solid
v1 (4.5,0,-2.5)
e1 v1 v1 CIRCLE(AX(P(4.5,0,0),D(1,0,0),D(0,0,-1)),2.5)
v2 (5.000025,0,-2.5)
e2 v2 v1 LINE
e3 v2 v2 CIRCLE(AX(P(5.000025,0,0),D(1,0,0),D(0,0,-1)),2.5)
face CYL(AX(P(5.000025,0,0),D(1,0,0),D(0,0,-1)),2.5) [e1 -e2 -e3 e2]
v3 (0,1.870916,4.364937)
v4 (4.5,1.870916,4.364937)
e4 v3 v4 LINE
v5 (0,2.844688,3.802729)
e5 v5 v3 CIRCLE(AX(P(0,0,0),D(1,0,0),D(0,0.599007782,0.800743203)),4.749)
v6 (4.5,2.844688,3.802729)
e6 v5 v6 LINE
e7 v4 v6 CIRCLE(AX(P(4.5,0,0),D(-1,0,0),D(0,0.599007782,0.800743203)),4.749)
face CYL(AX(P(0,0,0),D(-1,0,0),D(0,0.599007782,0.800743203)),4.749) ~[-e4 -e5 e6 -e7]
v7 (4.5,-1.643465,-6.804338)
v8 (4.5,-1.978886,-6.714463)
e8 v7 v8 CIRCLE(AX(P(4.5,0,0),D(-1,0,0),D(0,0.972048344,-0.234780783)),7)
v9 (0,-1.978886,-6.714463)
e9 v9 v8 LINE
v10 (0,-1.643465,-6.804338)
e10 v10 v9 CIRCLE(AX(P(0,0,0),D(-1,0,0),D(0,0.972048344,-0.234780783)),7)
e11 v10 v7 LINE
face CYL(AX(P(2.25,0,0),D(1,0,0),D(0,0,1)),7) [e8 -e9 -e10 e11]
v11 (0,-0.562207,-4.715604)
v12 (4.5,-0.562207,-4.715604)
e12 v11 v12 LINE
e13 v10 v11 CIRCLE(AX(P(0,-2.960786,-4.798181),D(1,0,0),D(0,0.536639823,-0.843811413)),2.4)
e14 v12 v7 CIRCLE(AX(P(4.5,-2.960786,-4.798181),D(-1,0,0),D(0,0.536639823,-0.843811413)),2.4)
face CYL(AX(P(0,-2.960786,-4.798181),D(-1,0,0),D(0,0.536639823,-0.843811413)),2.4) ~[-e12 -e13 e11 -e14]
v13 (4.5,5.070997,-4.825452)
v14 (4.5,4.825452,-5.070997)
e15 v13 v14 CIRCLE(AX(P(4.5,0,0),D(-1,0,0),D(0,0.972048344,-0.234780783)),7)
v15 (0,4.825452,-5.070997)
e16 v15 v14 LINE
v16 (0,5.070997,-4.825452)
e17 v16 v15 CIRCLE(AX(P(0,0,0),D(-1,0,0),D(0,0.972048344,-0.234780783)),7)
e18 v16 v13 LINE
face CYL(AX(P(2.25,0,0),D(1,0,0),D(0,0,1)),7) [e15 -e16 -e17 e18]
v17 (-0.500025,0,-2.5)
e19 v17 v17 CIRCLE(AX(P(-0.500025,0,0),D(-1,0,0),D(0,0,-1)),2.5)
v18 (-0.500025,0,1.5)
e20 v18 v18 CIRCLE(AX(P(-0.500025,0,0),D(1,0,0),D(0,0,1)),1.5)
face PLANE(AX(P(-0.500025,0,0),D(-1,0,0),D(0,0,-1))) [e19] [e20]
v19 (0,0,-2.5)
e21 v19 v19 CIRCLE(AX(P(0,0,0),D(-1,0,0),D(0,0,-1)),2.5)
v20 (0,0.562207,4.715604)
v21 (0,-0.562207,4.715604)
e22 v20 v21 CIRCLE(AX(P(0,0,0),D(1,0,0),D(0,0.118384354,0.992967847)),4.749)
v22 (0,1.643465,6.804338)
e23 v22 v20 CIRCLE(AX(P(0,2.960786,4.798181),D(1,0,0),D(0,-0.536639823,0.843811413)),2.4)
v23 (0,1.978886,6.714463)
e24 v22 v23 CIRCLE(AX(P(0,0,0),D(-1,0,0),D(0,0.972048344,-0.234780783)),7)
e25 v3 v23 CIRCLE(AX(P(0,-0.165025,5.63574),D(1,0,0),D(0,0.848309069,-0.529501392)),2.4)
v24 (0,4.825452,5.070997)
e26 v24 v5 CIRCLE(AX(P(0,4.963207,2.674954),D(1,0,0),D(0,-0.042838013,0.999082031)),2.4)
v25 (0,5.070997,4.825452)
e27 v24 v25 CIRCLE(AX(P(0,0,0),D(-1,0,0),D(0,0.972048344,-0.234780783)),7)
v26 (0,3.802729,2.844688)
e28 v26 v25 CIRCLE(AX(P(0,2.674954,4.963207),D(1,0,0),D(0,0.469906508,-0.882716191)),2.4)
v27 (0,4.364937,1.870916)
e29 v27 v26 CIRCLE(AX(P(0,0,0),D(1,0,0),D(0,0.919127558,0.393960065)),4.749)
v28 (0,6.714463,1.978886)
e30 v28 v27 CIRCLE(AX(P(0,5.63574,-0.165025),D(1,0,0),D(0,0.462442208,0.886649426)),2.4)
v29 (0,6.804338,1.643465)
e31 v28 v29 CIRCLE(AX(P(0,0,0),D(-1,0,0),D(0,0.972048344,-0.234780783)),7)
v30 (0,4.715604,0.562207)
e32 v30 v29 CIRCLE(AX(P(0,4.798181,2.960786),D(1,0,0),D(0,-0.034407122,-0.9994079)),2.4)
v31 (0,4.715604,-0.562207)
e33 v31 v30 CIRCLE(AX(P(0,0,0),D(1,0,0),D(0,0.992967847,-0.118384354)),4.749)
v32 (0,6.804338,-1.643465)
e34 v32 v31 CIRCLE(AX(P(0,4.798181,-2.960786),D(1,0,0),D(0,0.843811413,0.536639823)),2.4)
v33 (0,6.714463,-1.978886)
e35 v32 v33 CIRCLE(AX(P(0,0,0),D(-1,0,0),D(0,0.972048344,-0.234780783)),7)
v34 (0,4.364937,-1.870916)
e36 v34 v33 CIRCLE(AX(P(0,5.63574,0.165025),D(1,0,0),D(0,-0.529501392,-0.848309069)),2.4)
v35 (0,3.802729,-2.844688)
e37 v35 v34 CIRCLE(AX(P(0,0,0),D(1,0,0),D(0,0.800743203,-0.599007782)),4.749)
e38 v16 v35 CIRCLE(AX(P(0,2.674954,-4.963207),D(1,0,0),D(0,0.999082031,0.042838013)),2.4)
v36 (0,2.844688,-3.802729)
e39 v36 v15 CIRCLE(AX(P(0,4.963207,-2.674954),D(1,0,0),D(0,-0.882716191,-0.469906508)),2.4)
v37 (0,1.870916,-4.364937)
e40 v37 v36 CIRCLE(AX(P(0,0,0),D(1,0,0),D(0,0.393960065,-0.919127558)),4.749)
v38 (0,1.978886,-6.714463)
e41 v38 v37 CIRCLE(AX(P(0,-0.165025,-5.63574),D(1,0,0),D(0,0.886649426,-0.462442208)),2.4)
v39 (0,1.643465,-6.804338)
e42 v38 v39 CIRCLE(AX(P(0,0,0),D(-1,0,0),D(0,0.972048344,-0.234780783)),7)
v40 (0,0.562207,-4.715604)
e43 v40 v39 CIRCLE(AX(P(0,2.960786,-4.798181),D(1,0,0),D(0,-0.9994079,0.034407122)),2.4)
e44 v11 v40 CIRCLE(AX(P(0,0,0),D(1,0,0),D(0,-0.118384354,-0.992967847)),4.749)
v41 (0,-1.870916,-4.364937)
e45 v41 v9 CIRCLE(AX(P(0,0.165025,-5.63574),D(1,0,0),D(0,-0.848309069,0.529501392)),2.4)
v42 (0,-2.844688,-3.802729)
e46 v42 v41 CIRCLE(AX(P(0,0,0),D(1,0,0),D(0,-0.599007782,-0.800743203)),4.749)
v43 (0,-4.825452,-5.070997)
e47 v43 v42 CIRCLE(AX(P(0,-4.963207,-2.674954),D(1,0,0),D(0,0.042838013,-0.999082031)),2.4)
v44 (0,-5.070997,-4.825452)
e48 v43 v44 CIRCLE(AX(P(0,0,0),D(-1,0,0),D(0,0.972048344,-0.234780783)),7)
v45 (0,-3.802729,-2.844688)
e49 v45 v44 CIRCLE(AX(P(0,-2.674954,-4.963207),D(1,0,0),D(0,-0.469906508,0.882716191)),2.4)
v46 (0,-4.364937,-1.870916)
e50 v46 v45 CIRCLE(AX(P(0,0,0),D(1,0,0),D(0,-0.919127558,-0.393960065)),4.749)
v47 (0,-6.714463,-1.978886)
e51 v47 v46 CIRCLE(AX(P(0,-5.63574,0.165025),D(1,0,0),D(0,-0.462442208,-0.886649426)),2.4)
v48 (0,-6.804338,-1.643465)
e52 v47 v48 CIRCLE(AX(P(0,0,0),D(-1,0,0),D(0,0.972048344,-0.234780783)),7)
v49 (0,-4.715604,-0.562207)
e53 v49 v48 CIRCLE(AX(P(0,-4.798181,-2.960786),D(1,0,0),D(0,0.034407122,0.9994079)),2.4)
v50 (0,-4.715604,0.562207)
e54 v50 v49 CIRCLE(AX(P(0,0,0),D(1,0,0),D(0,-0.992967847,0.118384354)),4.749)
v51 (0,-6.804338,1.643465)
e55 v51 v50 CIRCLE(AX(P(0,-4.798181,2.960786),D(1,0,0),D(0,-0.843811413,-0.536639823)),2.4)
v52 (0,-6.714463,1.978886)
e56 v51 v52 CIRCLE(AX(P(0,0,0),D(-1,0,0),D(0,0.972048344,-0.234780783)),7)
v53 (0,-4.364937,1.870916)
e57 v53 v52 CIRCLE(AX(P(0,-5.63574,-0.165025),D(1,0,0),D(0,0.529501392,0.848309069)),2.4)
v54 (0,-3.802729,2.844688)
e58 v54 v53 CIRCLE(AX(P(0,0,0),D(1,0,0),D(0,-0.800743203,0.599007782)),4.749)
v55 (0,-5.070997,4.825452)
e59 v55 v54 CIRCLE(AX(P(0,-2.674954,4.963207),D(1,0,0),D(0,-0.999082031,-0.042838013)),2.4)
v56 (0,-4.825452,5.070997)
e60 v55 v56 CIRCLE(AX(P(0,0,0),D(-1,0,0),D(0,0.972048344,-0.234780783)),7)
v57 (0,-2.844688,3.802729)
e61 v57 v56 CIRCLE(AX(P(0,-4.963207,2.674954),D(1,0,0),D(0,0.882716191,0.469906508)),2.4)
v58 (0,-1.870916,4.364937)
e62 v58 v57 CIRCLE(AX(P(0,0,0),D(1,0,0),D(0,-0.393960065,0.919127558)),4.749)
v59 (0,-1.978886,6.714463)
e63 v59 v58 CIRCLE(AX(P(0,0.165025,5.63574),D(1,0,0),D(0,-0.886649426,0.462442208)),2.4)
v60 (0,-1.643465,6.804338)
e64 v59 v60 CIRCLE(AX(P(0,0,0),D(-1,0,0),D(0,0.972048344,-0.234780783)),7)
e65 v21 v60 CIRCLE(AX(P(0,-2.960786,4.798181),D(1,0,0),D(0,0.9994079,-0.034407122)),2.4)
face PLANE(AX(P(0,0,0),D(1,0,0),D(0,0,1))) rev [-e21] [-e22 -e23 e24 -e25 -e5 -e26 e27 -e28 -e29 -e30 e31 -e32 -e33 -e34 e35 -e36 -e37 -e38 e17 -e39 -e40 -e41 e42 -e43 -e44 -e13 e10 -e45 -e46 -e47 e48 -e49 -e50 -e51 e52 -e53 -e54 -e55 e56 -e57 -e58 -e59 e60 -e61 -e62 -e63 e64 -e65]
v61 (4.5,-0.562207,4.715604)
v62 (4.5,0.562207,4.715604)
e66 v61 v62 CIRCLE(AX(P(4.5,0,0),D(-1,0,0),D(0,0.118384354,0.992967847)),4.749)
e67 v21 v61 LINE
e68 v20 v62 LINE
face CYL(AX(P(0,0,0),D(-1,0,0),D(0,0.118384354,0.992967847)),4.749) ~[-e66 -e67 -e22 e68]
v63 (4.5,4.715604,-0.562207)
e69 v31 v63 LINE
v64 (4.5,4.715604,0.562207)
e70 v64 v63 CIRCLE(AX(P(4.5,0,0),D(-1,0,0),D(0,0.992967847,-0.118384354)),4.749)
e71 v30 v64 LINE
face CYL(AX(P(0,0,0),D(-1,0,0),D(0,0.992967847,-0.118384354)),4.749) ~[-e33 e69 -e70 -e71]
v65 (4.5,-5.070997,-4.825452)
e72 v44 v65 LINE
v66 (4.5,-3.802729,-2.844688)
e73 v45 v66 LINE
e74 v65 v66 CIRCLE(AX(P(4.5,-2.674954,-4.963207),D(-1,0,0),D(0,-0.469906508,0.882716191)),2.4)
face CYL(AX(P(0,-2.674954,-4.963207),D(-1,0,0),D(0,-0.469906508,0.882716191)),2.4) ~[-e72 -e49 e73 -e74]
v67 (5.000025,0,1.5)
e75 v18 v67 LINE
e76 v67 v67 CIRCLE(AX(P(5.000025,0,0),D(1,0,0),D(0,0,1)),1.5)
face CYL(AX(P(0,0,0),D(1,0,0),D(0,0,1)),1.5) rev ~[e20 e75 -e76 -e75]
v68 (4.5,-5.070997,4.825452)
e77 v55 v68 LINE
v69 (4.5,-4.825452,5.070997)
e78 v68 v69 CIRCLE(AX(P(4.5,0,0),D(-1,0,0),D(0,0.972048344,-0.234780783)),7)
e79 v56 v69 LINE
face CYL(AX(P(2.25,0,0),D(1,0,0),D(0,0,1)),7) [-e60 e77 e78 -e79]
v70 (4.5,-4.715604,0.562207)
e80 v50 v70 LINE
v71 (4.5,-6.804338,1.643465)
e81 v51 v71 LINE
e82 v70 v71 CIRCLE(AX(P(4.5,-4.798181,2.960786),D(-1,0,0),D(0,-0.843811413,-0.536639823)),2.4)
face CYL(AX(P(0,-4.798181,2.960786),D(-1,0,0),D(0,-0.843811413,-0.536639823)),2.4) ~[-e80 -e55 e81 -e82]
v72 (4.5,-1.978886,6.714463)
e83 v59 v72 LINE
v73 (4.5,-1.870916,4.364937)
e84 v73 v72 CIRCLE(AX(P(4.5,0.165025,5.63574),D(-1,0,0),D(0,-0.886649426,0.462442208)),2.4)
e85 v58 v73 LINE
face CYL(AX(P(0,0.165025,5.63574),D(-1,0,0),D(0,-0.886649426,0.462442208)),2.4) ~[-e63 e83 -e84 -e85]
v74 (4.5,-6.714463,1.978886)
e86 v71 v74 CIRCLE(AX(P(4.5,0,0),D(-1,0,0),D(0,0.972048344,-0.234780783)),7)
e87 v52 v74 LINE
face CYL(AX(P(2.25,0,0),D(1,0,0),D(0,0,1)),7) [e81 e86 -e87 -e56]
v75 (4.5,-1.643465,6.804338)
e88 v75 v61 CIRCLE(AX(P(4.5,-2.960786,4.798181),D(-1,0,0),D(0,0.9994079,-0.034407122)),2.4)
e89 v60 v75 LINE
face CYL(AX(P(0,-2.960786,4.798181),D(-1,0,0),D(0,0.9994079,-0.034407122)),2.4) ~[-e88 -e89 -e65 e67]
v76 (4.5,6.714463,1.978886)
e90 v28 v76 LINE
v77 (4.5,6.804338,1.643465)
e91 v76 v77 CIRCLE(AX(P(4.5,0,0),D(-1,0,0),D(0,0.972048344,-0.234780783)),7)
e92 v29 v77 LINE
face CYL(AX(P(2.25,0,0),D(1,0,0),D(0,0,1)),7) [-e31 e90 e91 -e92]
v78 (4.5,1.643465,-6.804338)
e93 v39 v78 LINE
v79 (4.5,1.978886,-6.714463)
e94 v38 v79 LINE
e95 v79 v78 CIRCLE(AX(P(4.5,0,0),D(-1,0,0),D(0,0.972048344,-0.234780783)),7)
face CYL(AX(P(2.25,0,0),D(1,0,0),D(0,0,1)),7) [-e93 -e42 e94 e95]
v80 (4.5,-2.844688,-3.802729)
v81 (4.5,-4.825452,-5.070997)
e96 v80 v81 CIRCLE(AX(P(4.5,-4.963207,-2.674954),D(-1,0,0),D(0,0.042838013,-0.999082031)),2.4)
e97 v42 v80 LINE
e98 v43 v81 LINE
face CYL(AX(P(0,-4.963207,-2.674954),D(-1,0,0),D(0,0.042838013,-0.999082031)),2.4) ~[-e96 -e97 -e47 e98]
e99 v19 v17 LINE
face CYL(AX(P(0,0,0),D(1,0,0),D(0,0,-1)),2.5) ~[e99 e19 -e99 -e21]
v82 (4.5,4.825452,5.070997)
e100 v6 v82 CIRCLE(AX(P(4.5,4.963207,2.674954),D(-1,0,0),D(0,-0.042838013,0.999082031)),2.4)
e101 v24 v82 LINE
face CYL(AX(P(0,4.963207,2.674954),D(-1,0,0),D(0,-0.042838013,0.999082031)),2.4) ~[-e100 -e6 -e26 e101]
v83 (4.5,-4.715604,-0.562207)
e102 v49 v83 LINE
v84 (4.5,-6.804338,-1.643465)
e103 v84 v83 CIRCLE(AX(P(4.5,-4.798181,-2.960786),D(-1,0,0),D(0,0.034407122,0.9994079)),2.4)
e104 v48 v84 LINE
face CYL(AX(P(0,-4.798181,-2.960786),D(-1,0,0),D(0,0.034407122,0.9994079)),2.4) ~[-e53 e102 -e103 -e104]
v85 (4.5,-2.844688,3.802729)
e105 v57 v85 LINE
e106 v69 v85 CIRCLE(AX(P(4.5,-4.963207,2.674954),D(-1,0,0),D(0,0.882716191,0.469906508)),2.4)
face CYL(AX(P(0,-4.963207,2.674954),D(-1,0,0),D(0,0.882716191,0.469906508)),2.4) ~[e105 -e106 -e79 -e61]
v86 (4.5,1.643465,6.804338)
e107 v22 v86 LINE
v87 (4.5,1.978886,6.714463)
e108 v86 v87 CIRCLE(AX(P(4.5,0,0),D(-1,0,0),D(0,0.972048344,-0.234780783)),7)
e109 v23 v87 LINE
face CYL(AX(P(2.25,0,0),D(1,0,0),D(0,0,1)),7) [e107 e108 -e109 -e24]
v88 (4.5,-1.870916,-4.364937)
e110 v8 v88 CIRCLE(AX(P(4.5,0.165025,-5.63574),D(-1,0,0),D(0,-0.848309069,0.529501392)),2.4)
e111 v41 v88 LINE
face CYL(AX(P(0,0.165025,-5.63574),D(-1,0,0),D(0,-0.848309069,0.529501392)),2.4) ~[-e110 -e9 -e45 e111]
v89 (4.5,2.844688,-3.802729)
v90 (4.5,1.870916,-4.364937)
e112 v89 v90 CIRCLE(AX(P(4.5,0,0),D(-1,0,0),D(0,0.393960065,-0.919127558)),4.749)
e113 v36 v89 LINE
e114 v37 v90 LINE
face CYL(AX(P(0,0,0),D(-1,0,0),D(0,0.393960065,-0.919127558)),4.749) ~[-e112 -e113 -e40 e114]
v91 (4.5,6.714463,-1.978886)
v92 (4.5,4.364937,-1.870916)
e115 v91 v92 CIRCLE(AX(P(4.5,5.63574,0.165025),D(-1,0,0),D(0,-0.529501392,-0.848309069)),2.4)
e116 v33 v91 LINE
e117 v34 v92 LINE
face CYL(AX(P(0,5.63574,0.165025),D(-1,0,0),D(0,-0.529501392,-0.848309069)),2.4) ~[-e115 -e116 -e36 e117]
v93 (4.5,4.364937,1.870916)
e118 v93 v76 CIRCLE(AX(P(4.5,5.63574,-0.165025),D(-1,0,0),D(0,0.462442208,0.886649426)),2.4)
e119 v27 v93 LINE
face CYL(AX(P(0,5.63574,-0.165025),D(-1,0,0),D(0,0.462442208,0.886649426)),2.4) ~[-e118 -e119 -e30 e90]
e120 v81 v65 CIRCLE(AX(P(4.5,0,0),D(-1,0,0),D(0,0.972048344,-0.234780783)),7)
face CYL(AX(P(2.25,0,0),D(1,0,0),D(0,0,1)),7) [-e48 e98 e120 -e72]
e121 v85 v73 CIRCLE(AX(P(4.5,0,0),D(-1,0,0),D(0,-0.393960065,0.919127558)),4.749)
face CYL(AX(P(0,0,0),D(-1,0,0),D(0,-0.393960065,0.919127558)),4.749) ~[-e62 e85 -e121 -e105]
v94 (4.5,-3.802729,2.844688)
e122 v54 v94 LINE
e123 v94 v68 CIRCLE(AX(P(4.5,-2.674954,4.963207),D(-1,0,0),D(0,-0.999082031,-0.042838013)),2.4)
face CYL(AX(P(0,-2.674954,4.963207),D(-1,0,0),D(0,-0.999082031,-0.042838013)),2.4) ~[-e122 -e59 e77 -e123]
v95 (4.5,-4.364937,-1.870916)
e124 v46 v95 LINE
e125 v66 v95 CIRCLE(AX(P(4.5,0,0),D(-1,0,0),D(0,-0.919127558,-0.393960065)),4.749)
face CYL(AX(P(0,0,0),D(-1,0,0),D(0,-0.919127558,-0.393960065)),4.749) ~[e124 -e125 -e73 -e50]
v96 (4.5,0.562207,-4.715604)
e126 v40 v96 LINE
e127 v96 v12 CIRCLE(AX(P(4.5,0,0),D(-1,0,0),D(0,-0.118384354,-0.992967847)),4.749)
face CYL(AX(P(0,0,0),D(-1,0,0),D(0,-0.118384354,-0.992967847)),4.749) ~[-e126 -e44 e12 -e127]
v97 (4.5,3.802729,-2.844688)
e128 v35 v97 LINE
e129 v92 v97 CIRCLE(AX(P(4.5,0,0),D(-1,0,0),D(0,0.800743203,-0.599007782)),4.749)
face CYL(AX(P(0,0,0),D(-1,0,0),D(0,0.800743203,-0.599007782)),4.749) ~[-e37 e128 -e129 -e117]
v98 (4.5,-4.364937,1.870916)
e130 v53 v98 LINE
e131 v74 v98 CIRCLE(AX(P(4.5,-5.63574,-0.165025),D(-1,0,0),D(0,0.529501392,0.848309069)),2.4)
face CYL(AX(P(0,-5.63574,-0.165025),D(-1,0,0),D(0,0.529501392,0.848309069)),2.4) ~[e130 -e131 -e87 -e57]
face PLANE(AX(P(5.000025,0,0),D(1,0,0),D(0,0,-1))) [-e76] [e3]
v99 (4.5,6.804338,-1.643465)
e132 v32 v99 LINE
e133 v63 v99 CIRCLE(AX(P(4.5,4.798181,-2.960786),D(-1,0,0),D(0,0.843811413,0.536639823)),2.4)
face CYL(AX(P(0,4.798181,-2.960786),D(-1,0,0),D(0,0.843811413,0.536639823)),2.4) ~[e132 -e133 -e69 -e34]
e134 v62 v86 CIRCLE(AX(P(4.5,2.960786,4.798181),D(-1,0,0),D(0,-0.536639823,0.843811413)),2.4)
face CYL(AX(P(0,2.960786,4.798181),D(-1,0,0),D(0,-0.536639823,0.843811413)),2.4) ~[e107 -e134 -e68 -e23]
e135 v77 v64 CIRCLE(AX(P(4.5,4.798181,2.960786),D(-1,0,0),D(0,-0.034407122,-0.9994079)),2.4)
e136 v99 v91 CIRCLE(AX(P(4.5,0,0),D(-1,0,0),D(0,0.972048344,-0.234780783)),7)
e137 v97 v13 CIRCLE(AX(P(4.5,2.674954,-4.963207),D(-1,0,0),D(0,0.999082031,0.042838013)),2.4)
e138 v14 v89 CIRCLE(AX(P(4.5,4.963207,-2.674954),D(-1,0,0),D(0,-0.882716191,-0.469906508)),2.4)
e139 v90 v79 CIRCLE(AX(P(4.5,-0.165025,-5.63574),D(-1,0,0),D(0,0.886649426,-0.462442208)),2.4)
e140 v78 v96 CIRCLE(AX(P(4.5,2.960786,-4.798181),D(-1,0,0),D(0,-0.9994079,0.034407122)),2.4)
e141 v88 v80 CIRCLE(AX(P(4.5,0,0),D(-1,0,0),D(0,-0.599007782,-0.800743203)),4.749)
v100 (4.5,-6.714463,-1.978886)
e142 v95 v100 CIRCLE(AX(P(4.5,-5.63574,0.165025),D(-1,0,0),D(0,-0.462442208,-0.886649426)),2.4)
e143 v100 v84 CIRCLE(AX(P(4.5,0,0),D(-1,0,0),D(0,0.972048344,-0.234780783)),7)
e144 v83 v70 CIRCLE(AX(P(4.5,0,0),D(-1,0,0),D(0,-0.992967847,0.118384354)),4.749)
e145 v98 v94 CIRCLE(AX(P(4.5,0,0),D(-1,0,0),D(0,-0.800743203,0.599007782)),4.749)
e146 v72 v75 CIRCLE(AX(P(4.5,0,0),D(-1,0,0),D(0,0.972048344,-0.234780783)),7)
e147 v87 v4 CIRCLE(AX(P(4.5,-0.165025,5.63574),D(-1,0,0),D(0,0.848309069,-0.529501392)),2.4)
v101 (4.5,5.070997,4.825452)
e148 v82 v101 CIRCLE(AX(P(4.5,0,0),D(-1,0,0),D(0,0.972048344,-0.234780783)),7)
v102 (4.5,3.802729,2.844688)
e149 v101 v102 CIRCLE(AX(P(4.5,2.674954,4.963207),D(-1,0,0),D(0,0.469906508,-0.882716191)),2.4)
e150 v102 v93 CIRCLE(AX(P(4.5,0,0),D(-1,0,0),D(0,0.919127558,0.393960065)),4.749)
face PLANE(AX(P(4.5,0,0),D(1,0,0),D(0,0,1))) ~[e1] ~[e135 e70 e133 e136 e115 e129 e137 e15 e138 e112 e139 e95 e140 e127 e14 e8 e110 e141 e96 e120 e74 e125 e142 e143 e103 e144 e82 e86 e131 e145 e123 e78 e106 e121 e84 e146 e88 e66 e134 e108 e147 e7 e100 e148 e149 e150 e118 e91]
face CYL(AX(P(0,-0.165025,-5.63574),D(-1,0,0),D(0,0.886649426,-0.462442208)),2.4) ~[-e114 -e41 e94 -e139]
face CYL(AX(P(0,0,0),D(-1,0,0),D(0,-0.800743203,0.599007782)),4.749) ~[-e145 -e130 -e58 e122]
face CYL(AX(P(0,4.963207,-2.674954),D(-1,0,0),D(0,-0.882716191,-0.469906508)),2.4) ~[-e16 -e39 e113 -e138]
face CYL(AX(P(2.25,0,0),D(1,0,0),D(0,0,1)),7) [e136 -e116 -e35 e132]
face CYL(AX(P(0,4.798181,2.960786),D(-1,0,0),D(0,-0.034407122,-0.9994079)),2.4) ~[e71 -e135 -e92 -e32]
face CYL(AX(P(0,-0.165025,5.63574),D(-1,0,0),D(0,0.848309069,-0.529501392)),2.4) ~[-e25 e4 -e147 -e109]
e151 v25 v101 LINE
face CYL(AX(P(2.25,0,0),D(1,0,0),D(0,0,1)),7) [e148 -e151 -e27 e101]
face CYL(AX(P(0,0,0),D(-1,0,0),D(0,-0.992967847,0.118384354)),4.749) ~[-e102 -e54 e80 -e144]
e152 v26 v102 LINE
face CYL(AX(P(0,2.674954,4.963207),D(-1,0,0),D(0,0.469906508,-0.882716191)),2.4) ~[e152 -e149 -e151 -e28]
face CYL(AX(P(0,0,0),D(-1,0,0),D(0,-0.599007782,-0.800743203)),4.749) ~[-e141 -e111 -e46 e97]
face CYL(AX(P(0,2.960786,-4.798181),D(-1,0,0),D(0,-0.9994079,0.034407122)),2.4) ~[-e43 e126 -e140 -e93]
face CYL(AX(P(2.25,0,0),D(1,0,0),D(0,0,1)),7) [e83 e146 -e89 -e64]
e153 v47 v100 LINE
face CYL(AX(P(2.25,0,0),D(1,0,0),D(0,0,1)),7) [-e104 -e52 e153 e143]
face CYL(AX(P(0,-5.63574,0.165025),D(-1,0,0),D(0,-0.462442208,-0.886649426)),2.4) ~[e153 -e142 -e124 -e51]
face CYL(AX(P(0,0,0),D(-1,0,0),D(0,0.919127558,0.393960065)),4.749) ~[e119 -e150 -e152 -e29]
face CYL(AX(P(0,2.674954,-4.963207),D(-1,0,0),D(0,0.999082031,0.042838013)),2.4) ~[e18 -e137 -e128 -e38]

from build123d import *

# Parameters (mm, degrees)
BASPROSKE_W       = 4.5
BASPROSKE_H       = 7
TOOTHCUT_DEPTH    = 11.874281585
TEETHCUTS_COUNT   = 12
TEETHCUTS_ANGLE   = 330
HUBNEABOTSKE_R    = 2.5
HUBNEARBOTH_DEPTH = 0.5000254
HUBFAR_START      = 0.5000254
HUBFARSKE_R       = 2.5
HUBFAR_DEPTH      = 0.5000254
BORSKE_R          = 1.5
BORE_DEPTH        = 5.5000508


with BuildPart() as part:
    # BasProSke → Base-Revolve (revolve)
    with BuildSketch(Plane(origin=(0, 0, 0), x_dir=(1, 0, 0), z_dir=(0, 1, 0)), mode=Mode.PRIVATE) as base_revolve_sk:
        with Locations((2.25, 3.5)):
            Rectangle(BASPROSKE_W, BASPROSKE_H)
    revolve(base_revolve_sk.sketch.rotate(Axis((-10, 0, 0), (1, 0, 0)), 180), axis=Axis((-10, 0, 0), (1, 0, 0)))

    # TooCutSke → ToothCut (cut, through all)
    with BuildSketch(Plane(origin=(0, 0, 0), x_dir=(0, 0, -1), z_dir=(1, 0, 0))):
        with BuildLine():
            ThreePointArc((0.562207301, 4.715604304), (0, 4.749), (-0.562207301, 4.715604304))
            ThreePointArc((-0.562207301, 4.715604304), (-0.837528627, 5.917009812), (-1.672850686, 6.823328788))
            ThreePointArc((-1.672850686, 6.823328788), (0, 7.0254), (1.672850686, 6.823328788))
            ThreePointArc((1.672850686, 6.823328788), (0.837528627, 5.917009812), (0.562207301, 4.715604304))
        make_face()
    toothcut = extrude(amount=TOOTHCUT_DEPTH, mode=Mode.SUBTRACT)

    # TeethCuts: ToothCut ×12 about axis
    teethcuts_axis = Axis((-10, 0, 0), (1, 0, 0))
    for i in range(1, TEETHCUTS_COUNT):
        add(toothcut.rotate(teethcuts_axis, i * TEETHCUTS_ANGLE / (TEETHCUTS_COUNT - 1)), mode=Mode.SUBTRACT)

    # HubNeaBotSke → HubNearBoth (add)
    with BuildSketch(Plane.ZY):
        with Locations(Location((0, 0, 0), (0, 0, 180))):
            Circle(HUBNEABOTSKE_R)
    extrude(amount=HUBNEARBOTH_DEPTH)

    # HubFarSke → HubFar (add)
    with BuildSketch(Plane(origin=(4.5, 0, 0), x_dir=(0, 0, -1), z_dir=(1, 0, 0)).offset(HUBFAR_START)):
        Circle(HUBFARSKE_R)
    extrude(amount=-HUBFAR_DEPTH)

    # BorSke → Bore (cut, symmetric)
    with BuildSketch(Plane(origin=(0, 0, 0), x_dir=(0, 0, -1), z_dir=(1, 0, 0))):
        with Locations(Location((0, 0, 0), (0, 0, 180))):
            Circle(BORSKE_R)
    extrude(amount=BORE_DEPTH, both=True, mode=Mode.SUBTRACT)


solid = part.part
